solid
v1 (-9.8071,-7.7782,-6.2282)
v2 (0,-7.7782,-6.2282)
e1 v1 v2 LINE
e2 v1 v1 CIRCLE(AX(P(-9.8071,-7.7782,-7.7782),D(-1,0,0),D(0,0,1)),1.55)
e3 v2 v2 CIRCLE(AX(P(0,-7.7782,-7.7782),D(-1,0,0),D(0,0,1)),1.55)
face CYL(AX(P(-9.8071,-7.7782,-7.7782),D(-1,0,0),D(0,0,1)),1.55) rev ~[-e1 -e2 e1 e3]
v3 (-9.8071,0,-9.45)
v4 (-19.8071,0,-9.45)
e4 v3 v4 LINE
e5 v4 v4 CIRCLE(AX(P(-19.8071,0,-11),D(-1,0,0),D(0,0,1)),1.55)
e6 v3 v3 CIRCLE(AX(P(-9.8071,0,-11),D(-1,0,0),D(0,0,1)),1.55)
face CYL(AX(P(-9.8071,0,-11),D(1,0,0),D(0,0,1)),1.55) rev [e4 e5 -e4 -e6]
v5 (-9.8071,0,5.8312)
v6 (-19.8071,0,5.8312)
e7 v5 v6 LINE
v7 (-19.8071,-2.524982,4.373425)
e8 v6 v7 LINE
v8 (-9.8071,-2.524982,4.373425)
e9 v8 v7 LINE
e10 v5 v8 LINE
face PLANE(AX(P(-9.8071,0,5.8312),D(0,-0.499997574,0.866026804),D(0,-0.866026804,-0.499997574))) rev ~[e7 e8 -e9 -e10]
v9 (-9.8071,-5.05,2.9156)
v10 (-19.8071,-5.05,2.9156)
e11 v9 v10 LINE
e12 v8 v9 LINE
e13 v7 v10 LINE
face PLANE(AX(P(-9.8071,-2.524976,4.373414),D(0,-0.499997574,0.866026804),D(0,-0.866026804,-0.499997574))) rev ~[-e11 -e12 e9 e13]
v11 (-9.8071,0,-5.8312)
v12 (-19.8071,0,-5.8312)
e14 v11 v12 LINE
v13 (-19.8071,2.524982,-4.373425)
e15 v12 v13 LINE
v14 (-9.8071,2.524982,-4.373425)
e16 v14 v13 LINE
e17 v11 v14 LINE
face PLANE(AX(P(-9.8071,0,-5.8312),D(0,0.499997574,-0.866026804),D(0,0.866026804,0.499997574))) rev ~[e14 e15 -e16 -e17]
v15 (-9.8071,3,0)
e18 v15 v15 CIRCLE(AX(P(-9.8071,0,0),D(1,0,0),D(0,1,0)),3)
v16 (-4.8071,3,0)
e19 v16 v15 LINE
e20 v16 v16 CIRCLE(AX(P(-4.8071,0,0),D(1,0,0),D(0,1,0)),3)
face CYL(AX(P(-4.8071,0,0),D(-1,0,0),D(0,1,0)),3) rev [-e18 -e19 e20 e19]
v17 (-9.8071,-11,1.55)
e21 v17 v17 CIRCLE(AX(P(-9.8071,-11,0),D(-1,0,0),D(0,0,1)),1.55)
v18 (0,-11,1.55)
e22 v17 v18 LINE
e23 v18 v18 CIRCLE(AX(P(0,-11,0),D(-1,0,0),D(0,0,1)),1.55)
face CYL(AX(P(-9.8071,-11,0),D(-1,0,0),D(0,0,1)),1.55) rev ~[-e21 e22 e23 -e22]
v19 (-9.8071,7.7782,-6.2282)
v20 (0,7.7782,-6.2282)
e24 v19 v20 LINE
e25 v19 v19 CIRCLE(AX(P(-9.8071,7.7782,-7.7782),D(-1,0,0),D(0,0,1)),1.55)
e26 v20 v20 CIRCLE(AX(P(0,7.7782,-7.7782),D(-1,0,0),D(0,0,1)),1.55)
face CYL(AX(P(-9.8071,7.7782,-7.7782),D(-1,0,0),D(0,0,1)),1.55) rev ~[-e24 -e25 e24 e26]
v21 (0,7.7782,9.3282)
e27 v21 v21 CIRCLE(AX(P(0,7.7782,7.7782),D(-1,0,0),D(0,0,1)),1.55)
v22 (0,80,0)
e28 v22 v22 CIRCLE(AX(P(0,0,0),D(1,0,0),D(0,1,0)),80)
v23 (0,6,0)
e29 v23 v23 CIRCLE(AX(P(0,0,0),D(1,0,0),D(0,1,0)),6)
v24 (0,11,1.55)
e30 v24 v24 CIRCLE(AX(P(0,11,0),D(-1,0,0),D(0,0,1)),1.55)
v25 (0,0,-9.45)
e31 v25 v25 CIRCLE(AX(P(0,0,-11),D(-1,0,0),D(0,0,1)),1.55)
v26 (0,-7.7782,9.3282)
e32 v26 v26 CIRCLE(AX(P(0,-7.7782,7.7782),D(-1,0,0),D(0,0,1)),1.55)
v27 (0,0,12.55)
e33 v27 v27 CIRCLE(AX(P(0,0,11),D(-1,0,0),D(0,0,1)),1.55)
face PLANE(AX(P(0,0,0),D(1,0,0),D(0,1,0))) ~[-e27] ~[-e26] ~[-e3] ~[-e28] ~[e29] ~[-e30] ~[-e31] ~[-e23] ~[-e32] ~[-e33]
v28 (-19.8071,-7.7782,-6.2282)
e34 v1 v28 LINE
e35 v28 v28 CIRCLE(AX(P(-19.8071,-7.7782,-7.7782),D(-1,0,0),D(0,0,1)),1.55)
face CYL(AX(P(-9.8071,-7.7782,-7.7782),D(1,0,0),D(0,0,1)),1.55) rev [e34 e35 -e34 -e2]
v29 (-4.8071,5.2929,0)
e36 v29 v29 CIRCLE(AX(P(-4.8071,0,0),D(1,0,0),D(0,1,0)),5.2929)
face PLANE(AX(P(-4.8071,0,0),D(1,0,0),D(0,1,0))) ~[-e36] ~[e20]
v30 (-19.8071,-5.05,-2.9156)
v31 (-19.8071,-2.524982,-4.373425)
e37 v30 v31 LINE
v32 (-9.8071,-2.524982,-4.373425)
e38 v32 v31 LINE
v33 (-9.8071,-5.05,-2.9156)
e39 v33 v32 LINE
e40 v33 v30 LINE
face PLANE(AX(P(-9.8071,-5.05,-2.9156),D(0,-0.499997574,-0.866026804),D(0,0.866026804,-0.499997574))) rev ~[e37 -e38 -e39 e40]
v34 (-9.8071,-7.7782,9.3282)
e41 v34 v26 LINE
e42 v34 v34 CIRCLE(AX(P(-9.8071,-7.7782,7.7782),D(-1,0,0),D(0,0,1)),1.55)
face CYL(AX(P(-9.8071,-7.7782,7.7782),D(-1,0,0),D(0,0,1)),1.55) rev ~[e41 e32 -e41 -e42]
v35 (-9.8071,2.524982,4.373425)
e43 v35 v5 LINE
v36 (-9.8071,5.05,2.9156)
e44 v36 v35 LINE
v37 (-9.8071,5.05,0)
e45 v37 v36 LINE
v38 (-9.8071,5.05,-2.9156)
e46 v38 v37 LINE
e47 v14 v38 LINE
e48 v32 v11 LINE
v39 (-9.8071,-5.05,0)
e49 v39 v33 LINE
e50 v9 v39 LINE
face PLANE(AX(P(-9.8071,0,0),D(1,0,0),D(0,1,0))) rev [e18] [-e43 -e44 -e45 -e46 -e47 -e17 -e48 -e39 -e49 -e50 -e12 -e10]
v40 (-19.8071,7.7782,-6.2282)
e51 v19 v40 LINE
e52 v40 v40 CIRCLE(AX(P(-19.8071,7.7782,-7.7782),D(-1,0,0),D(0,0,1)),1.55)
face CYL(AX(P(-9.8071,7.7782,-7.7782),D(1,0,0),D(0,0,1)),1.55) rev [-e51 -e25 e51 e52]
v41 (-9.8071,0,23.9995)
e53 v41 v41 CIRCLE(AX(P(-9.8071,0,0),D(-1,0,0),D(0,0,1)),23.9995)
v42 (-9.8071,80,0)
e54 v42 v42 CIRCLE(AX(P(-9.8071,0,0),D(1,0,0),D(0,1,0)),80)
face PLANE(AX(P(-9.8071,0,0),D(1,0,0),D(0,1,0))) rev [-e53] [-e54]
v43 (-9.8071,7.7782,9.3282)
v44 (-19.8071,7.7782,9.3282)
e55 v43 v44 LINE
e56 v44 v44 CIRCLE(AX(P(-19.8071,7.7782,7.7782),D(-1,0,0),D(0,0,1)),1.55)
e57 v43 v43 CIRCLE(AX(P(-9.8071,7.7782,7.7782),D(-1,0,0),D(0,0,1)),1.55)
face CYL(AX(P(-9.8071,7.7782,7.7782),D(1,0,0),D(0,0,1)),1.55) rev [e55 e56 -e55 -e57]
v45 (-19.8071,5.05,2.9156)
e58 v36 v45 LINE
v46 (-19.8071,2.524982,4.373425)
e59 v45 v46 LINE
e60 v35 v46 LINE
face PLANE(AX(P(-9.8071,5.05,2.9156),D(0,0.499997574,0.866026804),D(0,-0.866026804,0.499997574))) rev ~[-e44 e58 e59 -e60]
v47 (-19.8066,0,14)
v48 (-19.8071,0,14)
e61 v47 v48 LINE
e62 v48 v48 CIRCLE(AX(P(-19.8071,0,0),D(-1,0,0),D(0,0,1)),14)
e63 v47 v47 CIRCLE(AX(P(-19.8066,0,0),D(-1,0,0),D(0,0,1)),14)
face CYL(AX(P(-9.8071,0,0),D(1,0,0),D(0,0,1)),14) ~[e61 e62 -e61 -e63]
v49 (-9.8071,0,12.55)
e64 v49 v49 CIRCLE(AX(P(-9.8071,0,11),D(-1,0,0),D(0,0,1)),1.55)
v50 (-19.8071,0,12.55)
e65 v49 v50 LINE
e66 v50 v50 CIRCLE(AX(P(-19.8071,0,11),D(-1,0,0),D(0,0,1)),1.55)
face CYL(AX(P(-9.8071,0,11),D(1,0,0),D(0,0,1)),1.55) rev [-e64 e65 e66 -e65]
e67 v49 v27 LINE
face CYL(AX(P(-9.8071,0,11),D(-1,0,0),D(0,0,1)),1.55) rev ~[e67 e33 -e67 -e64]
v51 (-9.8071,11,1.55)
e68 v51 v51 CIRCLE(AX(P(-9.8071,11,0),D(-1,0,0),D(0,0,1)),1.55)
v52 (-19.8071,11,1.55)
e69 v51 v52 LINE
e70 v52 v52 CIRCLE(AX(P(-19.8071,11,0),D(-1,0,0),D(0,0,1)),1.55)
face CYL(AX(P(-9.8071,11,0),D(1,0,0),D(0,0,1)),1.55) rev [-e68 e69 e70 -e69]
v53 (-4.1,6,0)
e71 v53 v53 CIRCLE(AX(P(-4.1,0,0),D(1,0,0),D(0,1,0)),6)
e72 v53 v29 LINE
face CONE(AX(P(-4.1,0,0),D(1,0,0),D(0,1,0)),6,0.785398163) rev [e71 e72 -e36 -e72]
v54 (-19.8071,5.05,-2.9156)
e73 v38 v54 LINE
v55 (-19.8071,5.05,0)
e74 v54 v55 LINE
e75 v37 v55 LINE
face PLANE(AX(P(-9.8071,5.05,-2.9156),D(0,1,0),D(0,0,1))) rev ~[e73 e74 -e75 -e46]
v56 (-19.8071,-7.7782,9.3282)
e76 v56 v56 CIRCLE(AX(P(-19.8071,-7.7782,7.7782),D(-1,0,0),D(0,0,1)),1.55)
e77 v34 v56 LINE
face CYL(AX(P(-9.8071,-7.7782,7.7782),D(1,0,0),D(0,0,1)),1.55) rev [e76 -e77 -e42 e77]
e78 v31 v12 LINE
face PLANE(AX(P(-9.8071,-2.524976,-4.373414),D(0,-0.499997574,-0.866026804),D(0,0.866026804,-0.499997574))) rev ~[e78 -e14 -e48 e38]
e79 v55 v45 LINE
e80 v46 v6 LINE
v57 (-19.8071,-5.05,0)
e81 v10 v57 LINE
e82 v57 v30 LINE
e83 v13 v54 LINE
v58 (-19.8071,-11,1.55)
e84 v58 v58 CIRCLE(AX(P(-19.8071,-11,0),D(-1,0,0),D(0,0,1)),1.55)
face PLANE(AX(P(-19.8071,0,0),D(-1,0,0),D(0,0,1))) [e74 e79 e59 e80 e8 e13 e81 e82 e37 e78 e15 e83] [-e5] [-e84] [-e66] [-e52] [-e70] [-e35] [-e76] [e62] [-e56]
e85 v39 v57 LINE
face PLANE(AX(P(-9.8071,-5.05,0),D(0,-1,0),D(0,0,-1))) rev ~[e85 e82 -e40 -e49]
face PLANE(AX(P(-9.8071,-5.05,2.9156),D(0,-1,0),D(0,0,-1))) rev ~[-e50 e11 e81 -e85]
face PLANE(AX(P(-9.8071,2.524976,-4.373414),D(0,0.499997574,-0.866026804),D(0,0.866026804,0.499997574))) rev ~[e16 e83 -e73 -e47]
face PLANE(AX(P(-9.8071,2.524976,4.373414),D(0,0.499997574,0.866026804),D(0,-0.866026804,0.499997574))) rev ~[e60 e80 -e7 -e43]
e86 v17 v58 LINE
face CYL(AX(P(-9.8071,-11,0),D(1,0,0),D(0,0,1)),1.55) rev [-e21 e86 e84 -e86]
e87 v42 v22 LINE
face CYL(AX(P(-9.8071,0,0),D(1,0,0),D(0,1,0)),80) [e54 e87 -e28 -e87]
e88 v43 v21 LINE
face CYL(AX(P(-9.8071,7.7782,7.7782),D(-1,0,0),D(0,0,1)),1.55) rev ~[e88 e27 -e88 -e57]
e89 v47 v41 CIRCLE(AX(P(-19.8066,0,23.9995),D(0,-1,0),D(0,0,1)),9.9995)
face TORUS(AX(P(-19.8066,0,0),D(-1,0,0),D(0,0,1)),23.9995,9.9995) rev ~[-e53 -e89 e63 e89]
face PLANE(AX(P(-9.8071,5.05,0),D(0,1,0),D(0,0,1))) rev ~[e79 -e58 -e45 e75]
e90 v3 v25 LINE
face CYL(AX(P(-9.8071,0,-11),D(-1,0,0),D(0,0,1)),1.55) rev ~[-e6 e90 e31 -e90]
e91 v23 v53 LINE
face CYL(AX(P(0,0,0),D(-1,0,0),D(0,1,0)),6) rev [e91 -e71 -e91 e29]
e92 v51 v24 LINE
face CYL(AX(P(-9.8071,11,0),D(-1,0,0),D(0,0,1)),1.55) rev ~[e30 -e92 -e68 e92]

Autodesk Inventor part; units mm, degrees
ref_plane "YZ Plane" through (0, 0, 0) normal (1, 0, 0) x (0, 1, 0)
ref_plane "XZ Plane" through (0, 0, 0) normal (0, 1, 0) x (-1, 0, 0)
ref_plane "XY Plane" through (0, 0, 0) normal (0, 0, 1) x (1, 0, 0)
sketch "Szkic1" plane through (0, 0, 0) normal (0, 0, 1) x (1, 0, 0)
  line L0 (-25.2071, 0) -> (82.5929, 0) projected
  line L1 (0, -16) -> (0, 96) projected
  line L2 (0, 0) -> (0, 6) construction
  line L3 (0, 6) -> (-4.1, 6)
  line L4 (-4.1, 6) -> (-4.8071, 5.2929)
  line L5 (-4.1, 6) -> (-3.1, 6) construction
  line L6 (0, 0) -> (-4.8071, 0) construction
  line L7 (-4.8071, 0) -> (-4.8071, 3) construction
  line L8 (-4.8071, 3) -> (-4.8071, 5.2929)
  line L9 (-4.8071, 3) -> (-9.8071, 3)
  line L10 (-9.8071, 3) -> (-9.8071, 80)
  line L11 (-9.8071, 3) -> (67.1929, 3) construction
  line L12 (-9.8071, 80) -> (0, 80)
  line L13 (0, 80) -> (0, 6)
  dimension "d0" = 6
  dimension "d1" = 4.1
  dimension "d5" = 1
  dimension "d6" = 135
  dimension "d7" = 3
  dimension "d8" = 5
  dimension "d9" = 77
  dimension "d10" = 90
revolve "Obrót1" add sketch "Szkic1" angle 360 about axis through (-10, 0, 0) along (1, 0, 0)
sketch "Szkic2" plane through (-9.8071, 0, 0) normal (-1, 0, 0) x (0, 0, 1)
  line L0 (0, 0) -> (11, 0) construction
  circle A0 centre (11, 0) radius 1.55
  circle A1 centre (7.7782, 7.7782) radius 1.55
  circle A2 centre (0, 11) radius 1.55
  circle A3 centre (-7.7782, 7.7782) radius 1.55
  circle A4 centre (-11, 0) radius 1.55
  circle A5 centre (-7.7782, -7.7782) radius 1.55
  circle A6 centre (0, -11) radius 1.55
  circle A7 centre (7.7782, -7.7782) radius 1.55
  circle A8 centre (0, 0) radius 14
  circle A9 centre (0, 0) radius 5.05
  line L1 (5.8312, 0) -> (2.9156, -5.05)
  line L2 (2.9156, 5.05) -> (5.8312, 0)
  line L3 (-2.9156, 5.05) -> (2.9156, 5.05)
  line L4 (-5.8312, 0) -> (-2.9156, 5.05)
  line L5 (-2.9156, -5.05) -> (-5.8312, 0)
  line L6 (2.9156, -5.05) -> (-2.9156, -5.05)
  point P0 (0, -5.05)
  dimension "d21" = 10.1
  dimension "d12" = 11
  dimension "d13" = 3.1
  dimension "d16" = 360
  dimension "d20" = 28
  dimension "d26" = 360
extrude "Wyciągnięcie proste1" cut sketch "Szkic2" against normal through all contours A0 | A1 | A2 | A3 | A4 | A5 | A6 | A7
extrude "Wyciągnięcie proste2" add sketch "Szkic2" along normal blind 10
fillet "Zaokrąglenie1" radius 10 1 edges at (-9.8071, 0, -14)
properties part number "uMule-kolo_napędowe"
